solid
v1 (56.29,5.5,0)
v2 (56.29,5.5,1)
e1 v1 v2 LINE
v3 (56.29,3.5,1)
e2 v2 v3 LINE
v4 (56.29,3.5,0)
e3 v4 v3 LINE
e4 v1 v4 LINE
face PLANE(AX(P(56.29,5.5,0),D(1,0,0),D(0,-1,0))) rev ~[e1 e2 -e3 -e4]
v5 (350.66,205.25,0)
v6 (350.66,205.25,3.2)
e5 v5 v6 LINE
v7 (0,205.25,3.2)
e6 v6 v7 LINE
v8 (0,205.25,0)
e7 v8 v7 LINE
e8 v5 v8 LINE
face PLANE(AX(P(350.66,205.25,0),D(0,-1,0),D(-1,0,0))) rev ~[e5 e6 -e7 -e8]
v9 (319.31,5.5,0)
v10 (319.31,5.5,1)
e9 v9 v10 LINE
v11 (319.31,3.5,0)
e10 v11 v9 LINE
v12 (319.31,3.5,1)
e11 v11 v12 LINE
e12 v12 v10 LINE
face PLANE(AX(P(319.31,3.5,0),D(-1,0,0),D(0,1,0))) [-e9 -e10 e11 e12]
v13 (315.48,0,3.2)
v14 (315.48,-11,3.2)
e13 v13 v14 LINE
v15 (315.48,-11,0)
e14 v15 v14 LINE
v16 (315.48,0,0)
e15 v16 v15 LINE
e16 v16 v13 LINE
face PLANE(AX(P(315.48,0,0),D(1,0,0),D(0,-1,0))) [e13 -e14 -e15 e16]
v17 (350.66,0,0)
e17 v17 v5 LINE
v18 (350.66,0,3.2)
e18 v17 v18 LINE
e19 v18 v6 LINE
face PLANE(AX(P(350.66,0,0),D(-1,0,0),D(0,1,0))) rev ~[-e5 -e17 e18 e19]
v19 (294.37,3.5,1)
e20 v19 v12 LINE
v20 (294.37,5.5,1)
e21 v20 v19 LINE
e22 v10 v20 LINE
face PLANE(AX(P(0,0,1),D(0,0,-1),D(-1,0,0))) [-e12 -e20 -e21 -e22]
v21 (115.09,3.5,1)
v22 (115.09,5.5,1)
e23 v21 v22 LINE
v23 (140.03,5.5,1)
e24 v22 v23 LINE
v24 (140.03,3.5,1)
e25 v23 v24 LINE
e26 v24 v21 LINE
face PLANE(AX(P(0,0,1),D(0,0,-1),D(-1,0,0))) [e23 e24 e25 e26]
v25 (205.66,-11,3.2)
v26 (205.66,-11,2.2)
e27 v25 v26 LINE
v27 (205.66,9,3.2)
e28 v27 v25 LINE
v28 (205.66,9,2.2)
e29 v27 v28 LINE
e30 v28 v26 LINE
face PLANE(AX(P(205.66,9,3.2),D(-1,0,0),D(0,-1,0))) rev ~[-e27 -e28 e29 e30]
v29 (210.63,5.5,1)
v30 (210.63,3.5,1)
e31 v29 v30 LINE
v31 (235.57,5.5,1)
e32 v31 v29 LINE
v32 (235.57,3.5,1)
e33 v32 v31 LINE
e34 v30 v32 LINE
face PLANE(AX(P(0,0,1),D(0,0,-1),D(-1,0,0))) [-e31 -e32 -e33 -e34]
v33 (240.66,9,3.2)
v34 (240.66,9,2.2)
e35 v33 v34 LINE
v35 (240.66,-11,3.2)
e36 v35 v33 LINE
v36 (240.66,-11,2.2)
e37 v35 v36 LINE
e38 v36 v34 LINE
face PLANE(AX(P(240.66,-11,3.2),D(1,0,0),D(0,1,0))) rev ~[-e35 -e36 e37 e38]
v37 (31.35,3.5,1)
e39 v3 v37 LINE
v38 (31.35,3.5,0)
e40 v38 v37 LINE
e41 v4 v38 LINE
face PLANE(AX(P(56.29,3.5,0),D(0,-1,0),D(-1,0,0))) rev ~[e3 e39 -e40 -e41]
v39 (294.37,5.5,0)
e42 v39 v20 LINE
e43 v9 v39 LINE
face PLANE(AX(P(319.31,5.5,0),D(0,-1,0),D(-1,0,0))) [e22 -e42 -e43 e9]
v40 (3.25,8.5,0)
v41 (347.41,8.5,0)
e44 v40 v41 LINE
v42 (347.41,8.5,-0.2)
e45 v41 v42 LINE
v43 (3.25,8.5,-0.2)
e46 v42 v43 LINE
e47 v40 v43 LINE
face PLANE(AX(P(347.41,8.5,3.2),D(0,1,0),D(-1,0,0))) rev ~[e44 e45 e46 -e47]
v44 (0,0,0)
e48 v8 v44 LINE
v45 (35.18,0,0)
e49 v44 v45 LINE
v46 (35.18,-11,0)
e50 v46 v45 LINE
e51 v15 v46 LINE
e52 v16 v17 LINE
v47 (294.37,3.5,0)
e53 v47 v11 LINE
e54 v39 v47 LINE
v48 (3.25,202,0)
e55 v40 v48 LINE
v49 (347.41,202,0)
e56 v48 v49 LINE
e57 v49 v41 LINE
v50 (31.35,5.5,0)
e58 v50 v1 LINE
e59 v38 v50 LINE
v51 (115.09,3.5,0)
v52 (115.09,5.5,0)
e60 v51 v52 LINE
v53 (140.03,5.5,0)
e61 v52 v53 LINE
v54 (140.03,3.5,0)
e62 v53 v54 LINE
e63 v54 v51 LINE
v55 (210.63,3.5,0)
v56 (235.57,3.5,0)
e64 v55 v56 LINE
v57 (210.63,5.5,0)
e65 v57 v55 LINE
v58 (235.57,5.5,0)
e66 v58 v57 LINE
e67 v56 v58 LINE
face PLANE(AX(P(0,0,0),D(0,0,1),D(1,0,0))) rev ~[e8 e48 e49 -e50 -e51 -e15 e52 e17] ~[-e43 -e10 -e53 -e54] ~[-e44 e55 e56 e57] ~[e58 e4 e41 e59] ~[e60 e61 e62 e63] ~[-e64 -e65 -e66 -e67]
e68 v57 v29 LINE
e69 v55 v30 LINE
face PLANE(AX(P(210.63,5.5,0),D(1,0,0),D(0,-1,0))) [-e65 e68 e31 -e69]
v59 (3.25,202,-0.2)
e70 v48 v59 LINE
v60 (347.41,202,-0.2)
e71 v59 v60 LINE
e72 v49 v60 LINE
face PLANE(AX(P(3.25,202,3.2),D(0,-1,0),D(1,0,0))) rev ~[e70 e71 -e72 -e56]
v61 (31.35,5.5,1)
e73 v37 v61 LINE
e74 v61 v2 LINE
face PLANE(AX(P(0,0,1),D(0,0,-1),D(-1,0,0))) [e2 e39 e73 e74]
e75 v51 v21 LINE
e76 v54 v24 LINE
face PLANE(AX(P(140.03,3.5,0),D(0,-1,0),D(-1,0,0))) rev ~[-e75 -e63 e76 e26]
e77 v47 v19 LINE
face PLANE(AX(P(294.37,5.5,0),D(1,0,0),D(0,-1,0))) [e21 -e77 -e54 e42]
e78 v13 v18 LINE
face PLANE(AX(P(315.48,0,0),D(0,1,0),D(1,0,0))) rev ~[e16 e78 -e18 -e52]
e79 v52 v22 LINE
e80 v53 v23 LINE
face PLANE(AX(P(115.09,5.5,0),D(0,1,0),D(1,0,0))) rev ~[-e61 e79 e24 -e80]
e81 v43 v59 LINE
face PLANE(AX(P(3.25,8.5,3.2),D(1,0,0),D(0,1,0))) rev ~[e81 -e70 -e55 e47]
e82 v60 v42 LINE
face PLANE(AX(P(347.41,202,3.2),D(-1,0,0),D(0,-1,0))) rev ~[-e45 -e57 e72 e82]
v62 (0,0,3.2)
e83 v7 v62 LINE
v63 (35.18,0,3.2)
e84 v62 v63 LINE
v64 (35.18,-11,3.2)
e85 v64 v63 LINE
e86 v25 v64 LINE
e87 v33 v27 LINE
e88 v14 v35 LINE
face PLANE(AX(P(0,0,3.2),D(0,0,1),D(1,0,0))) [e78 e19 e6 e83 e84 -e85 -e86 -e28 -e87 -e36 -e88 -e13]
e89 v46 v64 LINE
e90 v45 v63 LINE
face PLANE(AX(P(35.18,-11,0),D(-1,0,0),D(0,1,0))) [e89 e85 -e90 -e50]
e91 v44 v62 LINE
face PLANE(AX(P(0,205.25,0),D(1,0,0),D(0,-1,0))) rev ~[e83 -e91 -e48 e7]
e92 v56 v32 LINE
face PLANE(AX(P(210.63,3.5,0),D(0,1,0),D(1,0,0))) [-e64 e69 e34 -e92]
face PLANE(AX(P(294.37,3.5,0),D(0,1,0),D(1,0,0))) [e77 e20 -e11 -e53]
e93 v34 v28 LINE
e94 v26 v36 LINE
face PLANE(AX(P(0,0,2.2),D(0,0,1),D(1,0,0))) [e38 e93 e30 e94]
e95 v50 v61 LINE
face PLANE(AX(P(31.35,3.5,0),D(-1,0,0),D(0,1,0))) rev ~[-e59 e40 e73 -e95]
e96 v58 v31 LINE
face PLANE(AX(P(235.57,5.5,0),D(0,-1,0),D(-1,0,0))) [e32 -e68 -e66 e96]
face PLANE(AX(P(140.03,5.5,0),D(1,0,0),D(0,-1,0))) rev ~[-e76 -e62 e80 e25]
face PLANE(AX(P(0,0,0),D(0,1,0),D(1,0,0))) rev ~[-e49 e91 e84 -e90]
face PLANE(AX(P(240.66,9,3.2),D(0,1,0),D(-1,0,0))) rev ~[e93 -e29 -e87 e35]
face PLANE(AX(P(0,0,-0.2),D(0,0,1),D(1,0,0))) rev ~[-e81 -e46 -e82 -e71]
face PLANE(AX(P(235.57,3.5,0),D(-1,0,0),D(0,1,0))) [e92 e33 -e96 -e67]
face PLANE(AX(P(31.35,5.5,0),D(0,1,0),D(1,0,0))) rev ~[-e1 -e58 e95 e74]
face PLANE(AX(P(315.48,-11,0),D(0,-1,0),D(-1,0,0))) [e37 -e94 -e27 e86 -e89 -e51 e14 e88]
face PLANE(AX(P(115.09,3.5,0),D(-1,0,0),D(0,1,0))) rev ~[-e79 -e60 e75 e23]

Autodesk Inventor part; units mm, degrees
ref_plane "YZ Plane" through (0, 0, 0) normal (1, 0, 0) x (0, 1, 0)
ref_plane "XZ Plane" through (0, 0, 0) normal (0, 1, 0) x (-1, 0, 0)
ref_plane "XY Plane" through (0, 0, 0) normal (0, 0, 1) x (1, 0, 0)
sketch "Эскиз1" plane through (0, 0, 0) normal (0, 0, 1) x (1, 0, 0)
  line L0 (0, 0) -> (350.66, 0)
  line L1 (350.66, 0) -> (350.66, 205.25)
  line L2 (350.66, 205.25) -> (0, 205.25)
  line L3 (0, 205.25) -> (0, 0)
  line L4 (3.25, 202) -> (347.41, 202)
  line L5 (347.41, 202) -> (347.41, 8.5)
  line L6 (347.41, 8.5) -> (3.25, 8.5)
  line L7 (3.25, 8.5) -> (3.25, 202)
  line L8 (35.18, 0) -> (315.48, 0)
  line L9 (315.48, 0) -> (315.48, -11)
  line L10 (315.48, -11) -> (35.18, -11)
  line L11 (35.18, -11) -> (35.18, 0)
  line L12 (175.33, 8.5) -> (175.33, 37.7602)
  point P0 (175.33, 202)
  point P1 (175.33, 205.25)
  point P2 (175.33, -11)
  dimension "d0" = 350.66
  dimension "d1" = 205.25
  dimension "d2" = 344.16
  dimension "d3" = 193.5
  dimension "d4" = 3.25
  dimension "d5" = 8.5
  dimension "d6" = 3.25
  dimension "d7" = 216.25
  dimension "d9" = 280.3
  dimension "d28" = 35.18
extrude "Выдавливание1" add sketch "Эскиз1" along normal blind 3.2
sketch "Эскиз2" plane through (0, 0, 3.2) normal (0, 0, 1) x (1, 0, 0)
  line L0 (0, 0) -> (35.18, 0) projected
  line L1 (35.18, 0) -> (35.18, -11) projected
  line L2 (35.18, -11) -> (315.48, -11) projected
  line L3 (315.48, -11) -> (315.48, 0) projected
  line L4 (315.48, 0) -> (350.66, 0) projected
  line L5 (350.66, 0) -> (350.66, 205.25) projected
  line L6 (350.66, 205.25) -> (0, 205.25) projected
  line L7 (0, 205.25) -> (0, 0) projected
  line L8 (347.41, 202) -> (347.41, 8.5) projected
  line L9 (347.41, 8.5) -> (3.25, 8.5) projected
  line L10 (3.25, 8.5) -> (3.25, 202) projected
  line L11 (3.25, 202) -> (347.41, 202) projected
extrude "Выдавливание2" add sketch "Эскиз2" against normal blind 3.4 contours L8 L9 L10 L11
sketch "Эскиз3" plane through (0, 0, 0) normal (0, 0, -1) x (-1, 0, 0)
  line L0 (0, 0) -> (-35.18, 0) projected
  line L1 (0, 205.25) -> (0, 0) projected
  line L2 (-350.66, 205.25) -> (0, 205.25) projected
  line L3 (-350.66, 0) -> (-350.66, 205.25) projected
  line L4 (-315.48, 0) -> (-350.66, 0) projected
  line L5 (-315.48, -11) -> (-315.48, 0) projected
  line L6 (-35.18, -11) -> (-315.48, -11) projected
  line L7 (-35.18, 0) -> (-35.18, -11) projected
  line L8 (-347.41, 202) -> (-347.41, 8.5) projected
  line L9 (-3.25, 202) -> (-347.41, 202) projected
  line L10 (-3.25, 8.5) -> (-3.25, 202) projected
  line L11 (-347.41, 8.5) -> (-3.25, 8.5) projected
  line L12 (-175.33, -11) -> (-175.33, 1.1845)
  line L13 (-235.57, 5.5) -> (-210.63, 5.5)
  line L14 (-210.63, 5.5) -> (-210.63, 3.5)
  line L15 (-210.63, 3.5) -> (-235.57, 3.5)
  line L16 (-235.57, 3.5) -> (-235.57, 5.5)
  line L17 (-319.31, 5.5) -> (-294.37, 5.5)
  line L18 (-294.37, 5.5) -> (-294.37, 3.5)
  line L19 (-294.37, 3.5) -> (-319.31, 3.5)
  line L20 (-319.31, 3.5) -> (-319.31, 5.5)
  line L21 (-115.09, 5.5) -> (-140.03, 5.5)
  line L22 (-140.03, 5.5) -> (-140.03, 3.5)
  line L23 (-140.03, 3.5) -> (-115.09, 3.5)
  line L24 (-115.09, 3.5) -> (-115.09, 5.5)
  line L25 (-31.35, 5.5) -> (-56.29, 5.5)
  line L26 (-56.29, 5.5) -> (-56.29, 3.5)
  line L27 (-56.29, 3.5) -> (-31.35, 3.5)
  line L28 (-31.35, 3.5) -> (-31.35, 5.5)
  point P0 (-294.37, 4.5)
  point P1 (-235.57, 4.5)
  point P2 (-56.29, 4.5)
  point P3 (-115.09, 4.5)
  dimension "d14" = 24.94
  dimension "d15" = 35.3
  dimension "d16" = 3
  dimension "d17" = 2
  dimension "d18" = 2
  dimension "d19" = 24.94
  dimension "d20" = 58.8
extrude "Выдавливание3" cut sketch "Эскиз3" against normal blind 1 contours L13 L14 L15 L16 | L17 L18 L19 L20 | L24 L23 L22 L21 | L28 L27 L26 L25
sketch "Эскиз5" plane through (0, 0, 3.2) normal (0, 0, 1) x (1, 0, 0)
  line L0 (0, 0) -> (35.18, 0) projected
  line L1 (35.18, 0) -> (35.18, -11) projected
  line L2 (35.18, -11) -> (315.48, -11) projected
  line L3 (315.48, -11) -> (315.48, 0) projected
  line L4 (315.48, 0) -> (350.66, 0) projected
  line L5 (350.66, 0) -> (350.66, 205.25) projected
  line L6 (350.66, 205.25) -> (0, 205.25) projected
  line L7 (0, 205.25) -> (0, 0) projected
  line L8 (205.66, -11) -> (240.66, -11)
  line L9 (240.66, -11) -> (240.66, 9)
  line L10 (240.66, 9) -> (205.66, 9)
  line L11 (205.66, 9) -> (205.66, -11)
  dimension "d23" = 110
  dimension "d24" = 20
  dimension "d25" = 35
extrude "Выдавливание4" cut sketch "Эскиз5" against normal blind 1 contours L11 L10 L9 L2
equation "\"d19\" = d14"
properties part number "Матрица от ноутбука 15.6 NV156FHM-N42ipt"
